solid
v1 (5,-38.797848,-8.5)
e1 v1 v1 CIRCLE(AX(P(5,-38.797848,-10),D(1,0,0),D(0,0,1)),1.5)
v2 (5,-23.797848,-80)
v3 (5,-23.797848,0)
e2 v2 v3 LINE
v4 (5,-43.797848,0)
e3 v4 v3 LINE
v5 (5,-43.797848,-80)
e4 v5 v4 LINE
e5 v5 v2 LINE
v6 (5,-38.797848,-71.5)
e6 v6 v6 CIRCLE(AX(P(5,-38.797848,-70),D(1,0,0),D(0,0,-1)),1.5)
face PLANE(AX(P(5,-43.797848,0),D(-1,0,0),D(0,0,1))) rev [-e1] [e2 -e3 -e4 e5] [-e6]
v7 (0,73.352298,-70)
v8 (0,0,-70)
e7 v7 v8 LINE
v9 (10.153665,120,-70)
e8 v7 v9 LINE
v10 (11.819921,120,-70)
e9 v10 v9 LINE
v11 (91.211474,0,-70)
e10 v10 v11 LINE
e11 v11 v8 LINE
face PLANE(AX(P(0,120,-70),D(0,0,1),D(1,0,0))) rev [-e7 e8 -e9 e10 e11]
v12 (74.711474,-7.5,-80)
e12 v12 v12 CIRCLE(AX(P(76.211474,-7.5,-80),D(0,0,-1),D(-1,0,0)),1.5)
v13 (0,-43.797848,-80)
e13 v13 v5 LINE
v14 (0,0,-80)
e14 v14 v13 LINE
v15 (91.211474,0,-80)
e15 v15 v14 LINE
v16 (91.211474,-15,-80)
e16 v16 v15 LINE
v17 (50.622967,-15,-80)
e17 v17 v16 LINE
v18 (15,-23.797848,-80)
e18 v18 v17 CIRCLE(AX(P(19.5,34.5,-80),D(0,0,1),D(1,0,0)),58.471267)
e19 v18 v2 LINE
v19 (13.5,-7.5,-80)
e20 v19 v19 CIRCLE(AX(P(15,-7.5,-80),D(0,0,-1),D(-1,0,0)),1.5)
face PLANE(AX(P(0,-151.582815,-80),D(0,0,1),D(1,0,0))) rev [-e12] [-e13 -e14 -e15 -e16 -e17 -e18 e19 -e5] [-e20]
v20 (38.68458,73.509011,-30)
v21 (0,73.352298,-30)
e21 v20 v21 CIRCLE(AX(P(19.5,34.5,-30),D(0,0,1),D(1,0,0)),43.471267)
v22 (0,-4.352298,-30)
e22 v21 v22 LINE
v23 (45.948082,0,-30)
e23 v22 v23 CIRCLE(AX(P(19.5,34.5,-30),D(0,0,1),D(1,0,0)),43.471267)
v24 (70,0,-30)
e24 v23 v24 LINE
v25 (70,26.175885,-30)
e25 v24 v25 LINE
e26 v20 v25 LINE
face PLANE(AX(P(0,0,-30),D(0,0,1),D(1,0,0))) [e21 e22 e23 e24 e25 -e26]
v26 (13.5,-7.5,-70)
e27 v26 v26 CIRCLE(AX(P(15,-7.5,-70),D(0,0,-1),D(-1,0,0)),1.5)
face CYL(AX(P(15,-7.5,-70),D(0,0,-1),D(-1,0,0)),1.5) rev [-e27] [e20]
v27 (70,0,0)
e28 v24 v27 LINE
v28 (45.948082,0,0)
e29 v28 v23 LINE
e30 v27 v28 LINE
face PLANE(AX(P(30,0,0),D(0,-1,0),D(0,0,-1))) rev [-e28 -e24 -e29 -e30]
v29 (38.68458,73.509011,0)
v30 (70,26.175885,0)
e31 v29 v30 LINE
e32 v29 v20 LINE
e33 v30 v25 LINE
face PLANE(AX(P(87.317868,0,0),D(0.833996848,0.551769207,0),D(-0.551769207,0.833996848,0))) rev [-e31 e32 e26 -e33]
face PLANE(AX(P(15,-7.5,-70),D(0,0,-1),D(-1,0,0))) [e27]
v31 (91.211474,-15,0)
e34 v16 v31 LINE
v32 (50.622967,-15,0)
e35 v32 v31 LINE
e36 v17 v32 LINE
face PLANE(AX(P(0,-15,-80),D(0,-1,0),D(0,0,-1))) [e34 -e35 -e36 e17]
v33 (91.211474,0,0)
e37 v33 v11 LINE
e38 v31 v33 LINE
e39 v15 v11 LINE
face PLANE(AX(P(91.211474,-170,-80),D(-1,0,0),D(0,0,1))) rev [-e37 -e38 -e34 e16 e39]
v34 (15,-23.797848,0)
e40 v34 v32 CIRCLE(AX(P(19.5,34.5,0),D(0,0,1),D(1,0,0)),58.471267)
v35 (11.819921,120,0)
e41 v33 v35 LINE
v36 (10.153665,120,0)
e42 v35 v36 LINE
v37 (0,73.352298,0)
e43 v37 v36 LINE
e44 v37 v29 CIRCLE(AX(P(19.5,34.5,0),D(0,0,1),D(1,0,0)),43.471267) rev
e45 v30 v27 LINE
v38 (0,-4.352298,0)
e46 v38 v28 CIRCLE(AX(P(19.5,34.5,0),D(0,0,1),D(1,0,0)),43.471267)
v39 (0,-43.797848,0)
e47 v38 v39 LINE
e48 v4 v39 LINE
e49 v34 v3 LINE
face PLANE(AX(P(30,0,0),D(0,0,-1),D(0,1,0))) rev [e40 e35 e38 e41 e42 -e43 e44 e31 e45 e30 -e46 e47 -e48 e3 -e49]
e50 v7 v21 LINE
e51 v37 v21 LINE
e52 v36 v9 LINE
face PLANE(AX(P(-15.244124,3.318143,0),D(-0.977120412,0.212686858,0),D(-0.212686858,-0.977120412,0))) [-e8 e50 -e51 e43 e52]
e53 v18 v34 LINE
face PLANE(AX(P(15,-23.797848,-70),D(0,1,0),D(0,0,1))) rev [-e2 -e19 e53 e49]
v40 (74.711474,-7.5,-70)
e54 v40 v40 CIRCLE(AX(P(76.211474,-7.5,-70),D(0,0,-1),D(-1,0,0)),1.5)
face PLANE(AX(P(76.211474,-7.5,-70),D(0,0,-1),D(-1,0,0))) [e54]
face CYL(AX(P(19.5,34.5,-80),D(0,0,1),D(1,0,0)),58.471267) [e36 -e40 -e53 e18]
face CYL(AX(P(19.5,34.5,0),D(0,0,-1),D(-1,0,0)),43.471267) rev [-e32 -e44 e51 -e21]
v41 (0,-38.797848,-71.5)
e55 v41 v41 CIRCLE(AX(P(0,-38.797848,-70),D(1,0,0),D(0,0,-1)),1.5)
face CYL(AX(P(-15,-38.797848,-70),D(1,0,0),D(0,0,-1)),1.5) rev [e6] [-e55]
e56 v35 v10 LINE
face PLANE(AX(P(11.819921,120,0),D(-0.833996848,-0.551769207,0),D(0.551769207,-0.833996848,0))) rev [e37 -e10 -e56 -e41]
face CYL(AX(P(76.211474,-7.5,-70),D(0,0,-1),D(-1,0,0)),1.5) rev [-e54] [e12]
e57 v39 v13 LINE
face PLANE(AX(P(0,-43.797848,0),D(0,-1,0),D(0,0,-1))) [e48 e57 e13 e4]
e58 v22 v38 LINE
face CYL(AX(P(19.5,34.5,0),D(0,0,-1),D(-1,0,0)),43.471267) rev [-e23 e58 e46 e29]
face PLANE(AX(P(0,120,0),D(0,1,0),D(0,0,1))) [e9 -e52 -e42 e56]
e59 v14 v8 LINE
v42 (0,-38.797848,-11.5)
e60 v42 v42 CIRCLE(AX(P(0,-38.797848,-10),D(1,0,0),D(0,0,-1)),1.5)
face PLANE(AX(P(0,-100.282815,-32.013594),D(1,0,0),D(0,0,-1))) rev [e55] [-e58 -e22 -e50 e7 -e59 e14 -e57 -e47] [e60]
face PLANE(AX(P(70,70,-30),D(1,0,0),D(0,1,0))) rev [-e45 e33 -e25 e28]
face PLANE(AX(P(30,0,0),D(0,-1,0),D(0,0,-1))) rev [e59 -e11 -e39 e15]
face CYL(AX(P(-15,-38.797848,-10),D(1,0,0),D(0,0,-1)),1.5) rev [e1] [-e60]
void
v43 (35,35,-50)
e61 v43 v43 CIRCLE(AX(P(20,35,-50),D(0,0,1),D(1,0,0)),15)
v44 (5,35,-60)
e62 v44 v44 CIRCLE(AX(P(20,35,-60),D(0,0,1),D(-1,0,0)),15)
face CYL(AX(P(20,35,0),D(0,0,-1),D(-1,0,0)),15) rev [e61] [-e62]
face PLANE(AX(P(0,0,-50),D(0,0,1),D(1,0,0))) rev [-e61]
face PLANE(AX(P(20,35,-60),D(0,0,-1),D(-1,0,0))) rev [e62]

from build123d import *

# Parameters (mm, degrees)
EXTRUDE_1_DEPTH           = 30
EXTRUDE_2_DEPTH           = 210
SKETCH_8_W                = 25
SKETCH_8_H                = 120
EXTRUDE_5_DEPTH           = 70
SKETCH_9_W                = 25
SKETCH_9_H                = 60
EXTRUDE_6_DEPTH           = 60
SKETCH_10_R               = 7.5
CUT_EXTRUDE_3_DEPTH       = 402.372644808
EXTRUDE_7_DEPTH           = 60
EXTRUDE_8_REACH           = 392.16
SKETCH_12_R               = 2.5
SKETCH_14_W               = 125
SKETCH_14_H               = 50
EXTRUDE_9_DEPTH           = 120
SKETCH_15_W               = 70
SKETCH_15_H               = 70
CUT_EXTRUDE_4_DEPTH       = 10
CUT_EXTRUDE_5_DEPTH       = 20
SKETCH_17_R               = 43.471266984
CUT_EXTRUDE_6_DEPTH       = 428.317212384
EXTRUDE_10_DEPTH          = 20
EXTRUDE_11_DEPTH          = 20
CUT_EXTRUDE_7_DEPTH       = 434.012701892
CUT_EXTRUDE_8_DEPTH       = 434.012701892
EXTRUDE_19_REACH          = 446.86
EXTRUDE_20_DEPTH          = 20
EXTRUDE_21_DEPTH          = 20
EXTRUDE_START             = 20
EXTRUDE_22_DEPTH          = 20
CUT_EXTRUDE_9_DEPTH       = 30
CUT_EXTRUDE_11_DEPTH      = 407.201920232
CUT_EXTRUDE_11_DEPTH_BACK = 407.201920232
SKETCH_29_R               = 15
EXTRUDE_23_DEPTH          = 78.203243
SKETCH_33_W               = 30
SKETCH_33_H               = 40
CUT_EXTRUDE_14_DEPTH      = 20
SKETCH_34_W               = 18
SKETCH_34_H               = 35.300600551
CUT_EXTRUDE_15_DEPTH      = 10
CUT_EXTRUDE_16_DEPTH      = 10
SKETCH_36_RX              = 24.05
SKETCH_36_RY              = 15.9
SKETCH_36_R               = 15.9
CUT_EXTRUDE_17_DEPTH      = 4
SKETCH_37_W               = 148.788525811
SKETCH_37_H               = 80
CUT_EXTRUDE_18_DEPTH      = 445.859528391
SKETCH_38_W               = 76.211474189
SKETCH_38_H               = 51.3
CUT_EXTRUDE_20_DEPTH      = 80
CUT_EXTRUDE_START         = -81
CUT_EXTRUDE_21_DEPTH      = 81
CUT_EXTRUDE_22_DEPTH      = 402.372644808
SKETCH_41_W               = 18
SKETCH_41_H               = 10
CUT_EXTRUDE_23_DEPTH      = 60
SKETCH_44_W               = 50
SKETCH_44_H               = 109
EXTRUDE_26_DEPTH          = 15
SKETCH_45_W               = 50
SKETCH_45_H               = 109
EXTRUDE_27_DEPTH          = 15
EXTRUDE_28_DEPTH          = 15
SKETCH_47_W               = 15
SKETCH_47_H               = 50.339258453
CUT_EXTRUDE_24_DEPTH      = 109
CUT_EXTRUDE_25_DEPTH      = 445.859528391
CUT_EXTRUDE_26_DEPTH      = 15
SKETCH_50_W               = 5
SKETCH_50_H               = 80
EXTRUDE_29_DEPTH          = 20
SKETCH_51_R               = 1.5
CUT_EXTRUDE_27_DEPTH      = 20
EXTRUDE_30_DEPTH          = 20
EXTRUDE_31_DEPTH          = 10
SKETCH_54_R               = 1.5
CUT_EXTRUDE_28_DEPTH      = 10


with BuildPart() as part:
    # 草图1 → 凸台-拉伸1 (new body)
    with BuildSketch(Plane(origin=(0, 0, 0), x_dir=(0, 0, -1), z_dir=(1, 0, 0))):
        with BuildLine():
            Line((0, 0), (270, 0))
            Line((270, 0), (270, -100.282814983))
            ThreePointArc((270, -100.282814983), (264.178138298, -118.691056762), (248.830033233, -130.404003019))
            Line((248.830033233, -130.404003019), (142.45524498, -168.69892679))
            ThreePointArc((142.45524498, -168.69892679), (135, -170), (127.54475502, -168.69892679))
            Line((127.54475502, -168.69892679), (21.169966767, -130.404003019))
            ThreePointArc((21.169966767, -130.404003019), (5.821861702, -118.691056762), (0, -100.282814983))
            Line((0, -100.282814983), (0, 0))
        make_face()
    extrude(amount=EXTRUDE_1_DEPTH)

    # 草图2 → 凸台-拉伸2 (add)
    with BuildSketch(Plane(origin=(30, 0, 0), x_dir=(0, 0, -1), z_dir=(1, 0, 0))):
        with BuildLine():
            Line((105, -160.582814983), (105, 0))
            Line((105, 0), (0, 0))
            Line((0, 0), (0, -100.282814983))
            ThreePointArc((0, -100.282814983), (5.821861702, -118.691056762), (21.169966767, -130.404003019))
            Line((21.169966767, -130.404003019), (105, -160.582814983))
        make_face()
        with BuildLine():
            Line((270, 0), (165, 0))
            Line((165, 0), (165, -160.582814983))
            Line((165, -160.582814983), (248.830033233, -130.404003019))
            ThreePointArc((248.830033233, -130.404003019), (264.178138298, -118.691056762), (270, -100.282814983))
            Line((270, -100.282814983), (270, 0))
        make_face()
    extrude(amount=EXTRUDE_2_DEPTH)

    # 草图8 → 凸台-拉伸5 (add)
    with BuildSketch(Plane(origin=(240, 0, 0), x_dir=(0, 0, -1), z_dir=(1, 0, 0))):
        with Locations((92.5, 0)):
            Rectangle(SKETCH_8_W, SKETCH_8_H)
        with Locations((177.5, 0)):
            Rectangle(SKETCH_8_W, SKETCH_8_H)
    extrude(amount=EXTRUDE_5_DEPTH)

    # 草图9 → 凸台-拉伸6 (add)
    with BuildSketch(Plane.ZY.offset(-240)):
        with Locations((-92.5, 30)):
            Rectangle(SKETCH_9_W, SKETCH_9_H)
        with Locations((-177.5, 30)):
            Rectangle(SKETCH_9_W, SKETCH_9_H)
    extrude(amount=EXTRUDE_6_DEPTH)

    # 草图10 → 切除-拉伸3 (cut, through all)
    with BuildSketch(Plane.XY.offset(-80)):
        with Locations((270, 30)):
            Circle(SKETCH_10_R)
    extrude(amount=-CUT_EXTRUDE_3_DEPTH, mode=Mode.SUBTRACT)

    # 草图11 → 凸台-拉伸7 (add)
    with BuildSketch(Plane(origin=(0, 0, -105), x_dir=(-1, 0, 0), z_dir=(0, 0, -1))):
        with BuildLine():
            Line((-30, -40), (-30, -160.582814983))
            Line((-30, -160.582814983), (-108.203242822, -160.582814983))
            ThreePointArc((-108.203242822, -160.582814983), (-60.24964282, -106.032303748), (-30, -40))
        make_face()
    extrude(amount=EXTRUDE_7_DEPTH)

    # 草图12 → 凸台-拉伸8 (add, up to next)
    with BuildSketch(Plane.XY.offset(-165), mode=Mode.PRIVATE) as extrude_8_sk1:
        with Locations(Location((70, -45, 0), (0, 0, 180))):
            Circle(SKETCH_12_R)
    extrude_8_tool1 = extrude(extrude_8_sk1.sketch, amount=EXTRUDE_8_REACH, mode=Mode.PRIVATE) - part.part
    add(extrude_8_tool1.solids().sort_by_distance((70, -45, -165))[0])

    # 草图14 → 凸台-拉伸9 (add)
    with BuildSketch(Plane(origin=(0, 0, 0), x_dir=(1, 0, 0), z_dir=(0, 1, 0))):
        with Locations((62.5, 225)):
            Rectangle(SKETCH_14_W, SKETCH_14_H)
        with Locations((62.5, 45)):
            Rectangle(SKETCH_14_W, SKETCH_14_H)
    extrude(amount=EXTRUDE_9_DEPTH)

    # 草图15 → 切除-拉伸4 (cut)
    with BuildSketch(Plane.XY.offset(-20)):
        with Locations((35, 35)):
            Rectangle(SKETCH_15_W, SKETCH_15_H)
    extrude(amount=-CUT_EXTRUDE_4_DEPTH, mode=Mode.SUBTRACT)

    # 草图16 → 切除-拉伸5 (cut)
    with BuildSketch(Plane.XY.offset(-30)):
        Polygon((35, 15), (5, 15), (5, 55), (35, 55), (35, 35), align=None)
    extrude(amount=-CUT_EXTRUDE_5_DEPTH, mode=Mode.SUBTRACT)

    # 草图17 → 切除-拉伸6 (cut, through all)
    with BuildSketch(Plane.XY.offset(-30)):
        with Locations((19.5, 34.5)):
            Circle(SKETCH_17_R)
    extrude(amount=CUT_EXTRUDE_6_DEPTH, mode=Mode.SUBTRACT)

    # 草图18 → 凸台-拉伸10 (add)
    with BuildSketch(Plane.XY.offset(-20)):
        Polygon((11.819921283, 120), (91.211474189, 0), (87.317867735, 0), (10.741661946, 115.744614613), align=None)
    extrude(amount=EXTRUDE_10_DEPTH)

    # 草图19 → 凸台-拉伸11 (add)
    with BuildSketch(Plane.XY.offset(-20)):
        with BuildLine():
            Line((1.857343832, 74.230186717), (10.856035233, 115.571739869))
            Line((10.856035233, 115.571739869), (10.741661946, 115.744614613))
            Line((10.741661946, 115.744614613), (11.819921283, 120))
            Line((11.819921283, 120), (10.153664863, 120))
            Line((10.153664863, 120), (0, 73.352297914))
            ThreePointArc((0, 73.352297914), (0.923485284, 73.80221564), (1.857343832, 74.230186717))
        make_face()
    extrude(amount=EXTRUDE_11_DEPTH)

    # 草图20 → 切除-拉伸7 (cut, through all)
    with BuildSketch(Plane.XY.offset(-20)):
        Polygon((0, 120), (0, 73.352297914), (10.153664863, 120), align=None)
    extrude(amount=-CUT_EXTRUDE_7_DEPTH, mode=Mode.SUBTRACT)

    # 草图22 → 切除-拉伸8 (cut, through all)
    with BuildSketch(Plane.XY.offset(-20)):
        Polygon((44.899734993, 70), (70, 32.061054476), (91.211474189, 0), (125, 0), (125, 120), (11.819921283, 120), align=None)
    extrude(amount=-CUT_EXTRUDE_8_DEPTH, mode=Mode.SUBTRACT)

    # 草图23 → 凸台-拉伸19 (add, up to next)
    with BuildSketch(Plane.XY, mode=Mode.PRIVATE) as extrude_19_sk1:
        with BuildLine():
            Line((87.317867735, 0), (91.211474189, 0))
            Line((91.211474189, 0), (11.819921283, 120))
            Line((11.819921283, 120), (10.153664863, 120))
            Line((10.153664863, 120), (0, 73.352297914))
            ThreePointArc((0, 73.352297914), (0.923485284, 73.80221564), (1.857343832, 74.230186717))
            Line((1.857343832, 74.230186717), (10.856035233, 115.571739869))
            Line((10.856035233, 115.571739869), (87.317867735, 0))
        make_face()
    extrude_19_tool1 = extrude(extrude_19_sk1.sketch, amount=-EXTRUDE_19_REACH, mode=Mode.PRIVATE) - part.part
    add(extrude_19_tool1.solids().sort_by_distance((89.264671, 1.5073, 0))[0])

    # 草图24 → 凸台-拉伸20 (add)
    with BuildSketch(Plane.XY.offset(-20)):
        Polygon((87.317867735, 0), (70, 26.175884614), (70, 0), align=None)
    extrude(amount=EXTRUDE_20_DEPTH)

    # 草图25 → 凸台-拉伸21 (add)
    with BuildSketch(Plane.XY.offset(-20)):
        with BuildLine():
            Line((38.684579851, 73.509011127), (10.856035233, 115.571739869))
            Line((10.856035233, 115.571739869), (1.857343832, 74.230186717))
            ThreePointArc((1.857343832, 74.230186717), (20.351120273, 77.962934179), (38.684579851, 73.509011127))
        make_face()
    extrude(amount=EXTRUDE_21_DEPTH)

    # 草图26 → 凸台-拉伸22 (add)
    with BuildSketch(Plane(origin=(0, 0, -250), x_dir=(-1, 0, 0), z_dir=(0, 0, -1)).offset(EXTRUDE_START)):
        with BuildLine():
            Line((-70, 26.175884614), (-38.684579851, 73.509011127))
            ThreePointArc((-38.684579851, 73.509011127), (-19.323897117, 77.970910285), (0, 73.352297914))
            Line((0, 73.352297914), (-10.153664863, 120))
            Line((-10.153664863, 120), (-11.819921283, 120))
            Line((-11.819921283, 120), (-91.211474189, 0))
            Line((-91.211474189, 0), (-240, 0))
            Line((-240, 0), (-240, -100.282814983))
            Line((-240, -100.282814983), (0, -100.282814983))
            Line((0, -100.282814983), (0, -4.352297914))
            ThreePointArc((0, -4.352297914), (-23.599339693, -8.77755154), (-45.948082222, 0))
            Line((-45.948082222, 0), (-70, 0))
            Line((-70, 0), (-70, 26.175884614))
        make_face()
    extrude(amount=-EXTRUDE_22_DEPTH)

    # 草图27 → 切除-拉伸9 (cut)
    with BuildSketch(Plane(origin=(0, 0, -270), x_dir=(-1, 0, 0), z_dir=(0, 0, -1))):
        with BuildLine():
            Line((-38.684579851, 73.509011127), (-70, 26.175884614))
            Line((-70, 26.175884614), (-70, 0))
            Line((-70, 0), (-45.948082222, 0))
            ThreePointArc((-45.948082222, 0), (-23.599339693, -8.77755154), (0, -4.352297914))
            Line((0, -4.352297914), (0, 73.352297914))
            ThreePointArc((0, 73.352297914), (-19.323897117, 77.970910285), (-38.684579851, 73.509011127))
        make_face()
    extrude(amount=-CUT_EXTRUDE_9_DEPTH, mode=Mode.SUBTRACT)

    # 草图29 → 切除-拉伸11 (cut, two sides: drawn at the far end of the back side and taken through both)
    with BuildSketch(Plane(origin=(0, 0, -70), x_dir=(-1, 0, 0), z_dir=(0, 0, -1)).offset(-CUT_EXTRUDE_11_DEPTH_BACK)):
        with Locations((-20, 35)):
            Circle(SKETCH_29_R)
    extrude(amount=CUT_EXTRUDE_11_DEPTH + CUT_EXTRUDE_11_DEPTH_BACK, mode=Mode.SUBTRACT)

    # 草图30 → 凸台-拉伸23 (add)
    with BuildSketch(Plane(origin=(30, 0, 0), x_dir=(0, 0, -1), z_dir=(1, 0, 0))):
        with BuildLine():
            Line((142.45524498, -168.69892679), (165, -160.582814983))
            Line((165, -160.582814983), (105, -160.582814983))
            Line((105, -160.582814983), (127.54475502, -168.69892679))
            ThreePointArc((127.54475502, -168.69892679), (135, -170), (142.45524498, -168.69892679))
        make_face()
    extrude(amount=EXTRUDE_23_DEPTH)

    # 草图33 → 切除-拉伸14 (cut)
    with BuildSketch(Plane(origin=(0, 0, -240), x_dir=(-1, 0, 0), z_dir=(0, 0, -1))):
        with Locations((-20, 35)):
            Rectangle(SKETCH_33_W, SKETCH_33_H)
    extrude(amount=-CUT_EXTRUDE_14_DEPTH, mode=Mode.SUBTRACT)

    # 草图34 → 切除-拉伸15 (cut)
    with BuildSketch(Plane.XY.offset(-200)):
        with Locations((20, 17.650300276)):
            Rectangle(SKETCH_34_W, SKETCH_34_H)
    extrude(amount=-CUT_EXTRUDE_15_DEPTH, mode=Mode.SUBTRACT)

    # 草图35 → 切除-拉伸16 (cut)
    with BuildSketch(Plane(origin=(0, 0, -70), x_dir=(-1, 0, 0), z_dir=(0, 0, -1))):
        with BuildLine():
            Line((-11, 0), (-11, 23))
            ThreePointArc((-11, 23), (-20, 20), (-29, 23))
            Line((-29, 23), (-29, 0))
            Line((-29, 0), (-11, 0))
        make_face()
    extrude(amount=-CUT_EXTRUDE_16_DEPTH, mode=Mode.SUBTRACT)

    # 草图36 → 切除-拉伸17 (cut)
    # profile 1 of 6: a face of its own
    with BuildSketch(Plane.ZY):
        with Locations((-235.69166945, -100.008005659)):
            Ellipse(SKETCH_36_RX, SKETCH_36_RY)
        with Locations((-235.69166945, -100.008005659)):
            Circle(SKETCH_36_R, mode=Mode.SUBTRACT)
    # profile 2 of 6: a face of its own
    with BuildSketch(Plane.ZY):
        with Locations((-235.69166945, -100.008005659)):
            Ellipse(SKETCH_36_RX, SKETCH_36_RY)
        with Locations((-235.69166945, -100.008005659)):
            Circle(SKETCH_36_R, mode=Mode.SUBTRACT)
    # profile 3 of 6: a face of its own
    with BuildSketch(Plane.ZY):
        with Locations((-235.69166945, -100.008005659)):
            Circle(SKETCH_36_R)
    # profile 4 of 6: a face of its own
    with BuildSketch(Plane.ZY):
        with Locations(Location((-34.30833055, -100.008005659), (0, 0, 180))):
            Ellipse(SKETCH_36_RX, SKETCH_36_RY)
        with Locations((-34.30833055, -100.008005659)):
            Circle(SKETCH_36_R, mode=Mode.SUBTRACT)
    # profile 5 of 6: a face of its own
    with BuildSketch(Plane.ZY):
        with Locations(Location((-34.30833055, -100.008005659), (0, 0, 180))):
            Ellipse(SKETCH_36_RX, SKETCH_36_RY)
        with Locations((-34.30833055, -100.008005659)):
            Circle(SKETCH_36_R, mode=Mode.SUBTRACT)
    # profile 6 of 6: a face of its own
    with BuildSketch(Plane.ZY):
        with Locations((-34.30833055, -100.008005659)):
            Circle(SKETCH_36_R)
    extrude(amount=-CUT_EXTRUDE_17_DEPTH, mode=Mode.SUBTRACT)

    # 草图37 → 切除-拉伸18 (cut, through all)
    with BuildSketch(Plane(origin=(0, 0, 0), x_dir=(1, 0, 0), z_dir=(0, 1, 0))):
        with Locations((165.605737095, 40)):
            Rectangle(SKETCH_37_W, SKETCH_37_H)
        with Locations((165.605737095, 230)):
            Rectangle(SKETCH_37_W, SKETCH_37_H)
    extrude(amount=-CUT_EXTRUDE_18_DEPTH, mode=Mode.SUBTRACT)

    # 草图38 → 切除-拉伸20 (cut)
    with BuildSketch(Plane.XY):
        with Locations((53.105737095, -125.932814983)):
            Rectangle(SKETCH_38_W, SKETCH_38_H)
        Polygon((91.211474189, -15), (76.211474189, -15), (76.211474189, -85.282814983), (15, -85.282814983), (15, -100.282814983), (91.211474189, -100.282814983), align=None)
        with BuildLine():
            ThreePointArc((15, -23.79784784), (33.51949079, -22.265684535), (50.622966805, -15))
            Line((50.622966805, -15), (70, -15))
            Line((70, -15), (76.211474189, -15))
            Line((76.211474189, -15), (76.211474189, -85.282814983))
            Line((76.211474189, -85.282814983), (15, -85.282814983))
            Line((15, -85.282814983), (15, -23.79784784))
        make_face()
    extrude(amount=-CUT_EXTRUDE_20_DEPTH, mode=Mode.SUBTRACT)

    # 草图39 → 切除-拉伸21 (cut)
    with BuildSketch(Plane(origin=(0, 0, -270), x_dir=(-1, 0, 0), z_dir=(0, 0, -1)).offset(CUT_EXTRUDE_START)):
        with BuildLine():
            Line((-180, 60), (-310, 60))
            Line((-310, 60), (-310, -60))
            Line((-310, -60), (-240, -60))
            Line((-240, -60), (-240, -151.582814983))
            Line((-240, -151.582814983), (-15, -151.582814983))
            Line((-15, -151.582814983), (-15, -23.79784784))
            ThreePointArc((-15, -23.79784784), (-33.51949079, -22.265684535), (-50.622966805, -15))
            Line((-50.622966805, -15), (-91.211474189, -15))
            Line((-91.211474189, -15), (-91.211474189, 0))
            Line((-91.211474189, 0), (-180, 0))
            Line((-180, 0), (-180, 60))
        make_face()
    extrude(amount=CUT_EXTRUDE_21_DEPTH, mode=Mode.SUBTRACT)

    # 草图40 → 切除-拉伸22 (cut, through all)
    with BuildSketch(Plane.XY.offset(-80)):
        with BuildLine():
            Line((74.655848302, -141.582814983), (40, -141.582814983))
            Line((40, -141.582814983), (40, -91.24355653))
            ThreePointArc((40, -91.24355653), (55.843697078, -117.43499557), (74.655848302, -141.582814983))
        make_face()
    extrude(amount=-CUT_EXTRUDE_22_DEPTH, mode=Mode.SUBTRACT)

    # 草图41 → 切除-拉伸23 (cut)
    with BuildSketch(Plane(origin=(0, 0, 0), x_dir=(1, 0, 0), z_dir=(0, 1, 0))):
        with Locations((20, 65)):
            Rectangle(SKETCH_41_W, SKETCH_41_H)
        with Locations((20, 205)):
            Rectangle(SKETCH_41_W, SKETCH_41_H)
    extrude(amount=-CUT_EXTRUDE_23_DEPTH, mode=Mode.SUBTRACT)

    # 草图44 → 凸台-拉伸26 (add)
    with BuildSketch(Plane(origin=(0, 60, 0), x_dir=(1, 0, 0), z_dir=(0, 1, 0))):
        with Locations((285, 134.5)):
            Rectangle(SKETCH_44_W, SKETCH_44_H)
    extrude(amount=EXTRUDE_26_DEPTH)

    # 草图45 → 凸台-拉伸27 (add)
    with BuildSketch(Plane.XZ.offset(60)):
        with Locations((285, -134.5)):
            Rectangle(SKETCH_45_W, SKETCH_45_H)
    extrude(amount=EXTRUDE_27_DEPTH)

    # 草图46 → 凸台-拉伸28 (add)
    with BuildSketch(Plane(origin=(240, 0, 0), x_dir=(0, 0, -1), z_dir=(1, 0, 0))):
        Polygon((80, -151.582814983), (105, -160.582814983), (165, -160.582814983), (189, -151.942814983), (189, -130.582814983), (80, -130.582814983), align=None)
    extrude(amount=EXTRUDE_28_DEPTH)

    # 草图47 → 切除-拉伸24 (cut)
    with BuildSketch(Plane(origin=(0, 0, -189), x_dir=(-1, 0, 0), z_dir=(0, 0, -1))):
        with Locations((-32.5, -116.413185757)):
            Rectangle(SKETCH_47_W, SKETCH_47_H)
    extrude(amount=-CUT_EXTRUDE_24_DEPTH, mode=Mode.SUBTRACT)

    # 草图48 → 切除-拉伸25 (cut, through all)
    with BuildSketch(Plane(origin=(310, 0, 0), x_dir=(0, 0, -1), z_dir=(1, 0, 0))):
        Polygon((270, 120), (80, 120), (80, -151.582814983), (80, -184.430780579), (270, -184.430780579), (270, -151.582814983), align=None)
    extrude(amount=-CUT_EXTRUDE_25_DEPTH, mode=Mode.SUBTRACT)

    # 草图49 → 切除-拉伸26 (cut)
    with BuildSketch(Plane.ZY):
        with BuildLine():
            Line((-70, -23.79784784), (-60, -23.79784784))
            Line((-60, -23.79784784), (0, -23.79784784))
            Line((0, -23.79784784), (0, -100.282814983))
            ThreePointArc((0, -100.282814983), (-5.821861702, -118.691056762), (-21.169966767, -130.404003019))
            Line((-21.169966767, -130.404003019), (-80, -151.582814983))
            Line((-80, -151.582814983), (-80, -23.79784784))
            Line((-80, -23.79784784), (-70, -23.79784784))
        make_face()
    extrude(amount=-CUT_EXTRUDE_26_DEPTH, mode=Mode.SUBTRACT)

    # 草图50 → 凸台-拉伸29 (add)
    with BuildSketch(Plane.XZ.offset(23.79784784)):
        with Locations((2.5, -40)):
            Rectangle(SKETCH_50_W, SKETCH_50_H)
    extrude(amount=EXTRUDE_29_DEPTH)

    # 草图51 → 切除-拉伸27 (cut)
    with BuildSketch(Plane(origin=(5, 0, 0), x_dir=(0, 0, -1), z_dir=(1, 0, 0))):
        with Locations((70, -38.79784784)):
            Circle(SKETCH_51_R)
        with Locations((10, -38.79784784)):
            Circle(SKETCH_51_R)
    extrude(amount=-CUT_EXTRUDE_27_DEPTH, mode=Mode.SUBTRACT)

    # 草图52 → 凸台-拉伸30 (add)
    with BuildSketch(Plane.XY.offset(-30)):
        Polygon((35, 35), (35, 55), (5, 55), (5, 35), (5, 15), (35, 15), align=None)
    extrude(amount=-EXTRUDE_30_DEPTH)

    # 草图53 → 凸台-拉伸31 (add)
    with BuildSketch(Plane(origin=(0, 0, -70), x_dir=(-1, 0, 0), z_dir=(0, 0, -1))):
        with BuildLine():
            ThreePointArc((-29, 23), (-20, 20), (-11, 23))
            ThreePointArc((-11, 23), (-6.583592135, 28.291796068), (-5, 35))
            ThreePointArc((-5, 35), (-26.708203932, 48.416407865), (-29, 23))
        make_face()
        with BuildLine():
            ThreePointArc((-29, -23.19435902), (-22.018144096, -23.91701818), (-15, -23.79784784))
            Line((-15, -23.79784784), (-11, -23.79784784))
            Line((-11, -23.79784784), (-11, 0))
            Line((-11, 0), (-11, 23))
            ThreePointArc((-11, 23), (-20, 20), (-29, 23))
            Line((-29, 23), (-29, 0))
            Line((-29, 0), (-29, -23.19435902))
        make_face()
    extrude(amount=-EXTRUDE_31_DEPTH)

    # 草图54 → 切除-拉伸28 (cut)
    with BuildSketch(Plane(origin=(0, 0, -80), x_dir=(-1, 0, 0), z_dir=(0, 0, -1))):
        with Locations((-76.211474189, -7.5)):
            Circle(SKETCH_54_R)
        with Locations((-15, -7.5)):
            Circle(SKETCH_54_R)
    extrude(amount=-CUT_EXTRUDE_28_DEPTH, mode=Mode.SUBTRACT)


solid = part.part
